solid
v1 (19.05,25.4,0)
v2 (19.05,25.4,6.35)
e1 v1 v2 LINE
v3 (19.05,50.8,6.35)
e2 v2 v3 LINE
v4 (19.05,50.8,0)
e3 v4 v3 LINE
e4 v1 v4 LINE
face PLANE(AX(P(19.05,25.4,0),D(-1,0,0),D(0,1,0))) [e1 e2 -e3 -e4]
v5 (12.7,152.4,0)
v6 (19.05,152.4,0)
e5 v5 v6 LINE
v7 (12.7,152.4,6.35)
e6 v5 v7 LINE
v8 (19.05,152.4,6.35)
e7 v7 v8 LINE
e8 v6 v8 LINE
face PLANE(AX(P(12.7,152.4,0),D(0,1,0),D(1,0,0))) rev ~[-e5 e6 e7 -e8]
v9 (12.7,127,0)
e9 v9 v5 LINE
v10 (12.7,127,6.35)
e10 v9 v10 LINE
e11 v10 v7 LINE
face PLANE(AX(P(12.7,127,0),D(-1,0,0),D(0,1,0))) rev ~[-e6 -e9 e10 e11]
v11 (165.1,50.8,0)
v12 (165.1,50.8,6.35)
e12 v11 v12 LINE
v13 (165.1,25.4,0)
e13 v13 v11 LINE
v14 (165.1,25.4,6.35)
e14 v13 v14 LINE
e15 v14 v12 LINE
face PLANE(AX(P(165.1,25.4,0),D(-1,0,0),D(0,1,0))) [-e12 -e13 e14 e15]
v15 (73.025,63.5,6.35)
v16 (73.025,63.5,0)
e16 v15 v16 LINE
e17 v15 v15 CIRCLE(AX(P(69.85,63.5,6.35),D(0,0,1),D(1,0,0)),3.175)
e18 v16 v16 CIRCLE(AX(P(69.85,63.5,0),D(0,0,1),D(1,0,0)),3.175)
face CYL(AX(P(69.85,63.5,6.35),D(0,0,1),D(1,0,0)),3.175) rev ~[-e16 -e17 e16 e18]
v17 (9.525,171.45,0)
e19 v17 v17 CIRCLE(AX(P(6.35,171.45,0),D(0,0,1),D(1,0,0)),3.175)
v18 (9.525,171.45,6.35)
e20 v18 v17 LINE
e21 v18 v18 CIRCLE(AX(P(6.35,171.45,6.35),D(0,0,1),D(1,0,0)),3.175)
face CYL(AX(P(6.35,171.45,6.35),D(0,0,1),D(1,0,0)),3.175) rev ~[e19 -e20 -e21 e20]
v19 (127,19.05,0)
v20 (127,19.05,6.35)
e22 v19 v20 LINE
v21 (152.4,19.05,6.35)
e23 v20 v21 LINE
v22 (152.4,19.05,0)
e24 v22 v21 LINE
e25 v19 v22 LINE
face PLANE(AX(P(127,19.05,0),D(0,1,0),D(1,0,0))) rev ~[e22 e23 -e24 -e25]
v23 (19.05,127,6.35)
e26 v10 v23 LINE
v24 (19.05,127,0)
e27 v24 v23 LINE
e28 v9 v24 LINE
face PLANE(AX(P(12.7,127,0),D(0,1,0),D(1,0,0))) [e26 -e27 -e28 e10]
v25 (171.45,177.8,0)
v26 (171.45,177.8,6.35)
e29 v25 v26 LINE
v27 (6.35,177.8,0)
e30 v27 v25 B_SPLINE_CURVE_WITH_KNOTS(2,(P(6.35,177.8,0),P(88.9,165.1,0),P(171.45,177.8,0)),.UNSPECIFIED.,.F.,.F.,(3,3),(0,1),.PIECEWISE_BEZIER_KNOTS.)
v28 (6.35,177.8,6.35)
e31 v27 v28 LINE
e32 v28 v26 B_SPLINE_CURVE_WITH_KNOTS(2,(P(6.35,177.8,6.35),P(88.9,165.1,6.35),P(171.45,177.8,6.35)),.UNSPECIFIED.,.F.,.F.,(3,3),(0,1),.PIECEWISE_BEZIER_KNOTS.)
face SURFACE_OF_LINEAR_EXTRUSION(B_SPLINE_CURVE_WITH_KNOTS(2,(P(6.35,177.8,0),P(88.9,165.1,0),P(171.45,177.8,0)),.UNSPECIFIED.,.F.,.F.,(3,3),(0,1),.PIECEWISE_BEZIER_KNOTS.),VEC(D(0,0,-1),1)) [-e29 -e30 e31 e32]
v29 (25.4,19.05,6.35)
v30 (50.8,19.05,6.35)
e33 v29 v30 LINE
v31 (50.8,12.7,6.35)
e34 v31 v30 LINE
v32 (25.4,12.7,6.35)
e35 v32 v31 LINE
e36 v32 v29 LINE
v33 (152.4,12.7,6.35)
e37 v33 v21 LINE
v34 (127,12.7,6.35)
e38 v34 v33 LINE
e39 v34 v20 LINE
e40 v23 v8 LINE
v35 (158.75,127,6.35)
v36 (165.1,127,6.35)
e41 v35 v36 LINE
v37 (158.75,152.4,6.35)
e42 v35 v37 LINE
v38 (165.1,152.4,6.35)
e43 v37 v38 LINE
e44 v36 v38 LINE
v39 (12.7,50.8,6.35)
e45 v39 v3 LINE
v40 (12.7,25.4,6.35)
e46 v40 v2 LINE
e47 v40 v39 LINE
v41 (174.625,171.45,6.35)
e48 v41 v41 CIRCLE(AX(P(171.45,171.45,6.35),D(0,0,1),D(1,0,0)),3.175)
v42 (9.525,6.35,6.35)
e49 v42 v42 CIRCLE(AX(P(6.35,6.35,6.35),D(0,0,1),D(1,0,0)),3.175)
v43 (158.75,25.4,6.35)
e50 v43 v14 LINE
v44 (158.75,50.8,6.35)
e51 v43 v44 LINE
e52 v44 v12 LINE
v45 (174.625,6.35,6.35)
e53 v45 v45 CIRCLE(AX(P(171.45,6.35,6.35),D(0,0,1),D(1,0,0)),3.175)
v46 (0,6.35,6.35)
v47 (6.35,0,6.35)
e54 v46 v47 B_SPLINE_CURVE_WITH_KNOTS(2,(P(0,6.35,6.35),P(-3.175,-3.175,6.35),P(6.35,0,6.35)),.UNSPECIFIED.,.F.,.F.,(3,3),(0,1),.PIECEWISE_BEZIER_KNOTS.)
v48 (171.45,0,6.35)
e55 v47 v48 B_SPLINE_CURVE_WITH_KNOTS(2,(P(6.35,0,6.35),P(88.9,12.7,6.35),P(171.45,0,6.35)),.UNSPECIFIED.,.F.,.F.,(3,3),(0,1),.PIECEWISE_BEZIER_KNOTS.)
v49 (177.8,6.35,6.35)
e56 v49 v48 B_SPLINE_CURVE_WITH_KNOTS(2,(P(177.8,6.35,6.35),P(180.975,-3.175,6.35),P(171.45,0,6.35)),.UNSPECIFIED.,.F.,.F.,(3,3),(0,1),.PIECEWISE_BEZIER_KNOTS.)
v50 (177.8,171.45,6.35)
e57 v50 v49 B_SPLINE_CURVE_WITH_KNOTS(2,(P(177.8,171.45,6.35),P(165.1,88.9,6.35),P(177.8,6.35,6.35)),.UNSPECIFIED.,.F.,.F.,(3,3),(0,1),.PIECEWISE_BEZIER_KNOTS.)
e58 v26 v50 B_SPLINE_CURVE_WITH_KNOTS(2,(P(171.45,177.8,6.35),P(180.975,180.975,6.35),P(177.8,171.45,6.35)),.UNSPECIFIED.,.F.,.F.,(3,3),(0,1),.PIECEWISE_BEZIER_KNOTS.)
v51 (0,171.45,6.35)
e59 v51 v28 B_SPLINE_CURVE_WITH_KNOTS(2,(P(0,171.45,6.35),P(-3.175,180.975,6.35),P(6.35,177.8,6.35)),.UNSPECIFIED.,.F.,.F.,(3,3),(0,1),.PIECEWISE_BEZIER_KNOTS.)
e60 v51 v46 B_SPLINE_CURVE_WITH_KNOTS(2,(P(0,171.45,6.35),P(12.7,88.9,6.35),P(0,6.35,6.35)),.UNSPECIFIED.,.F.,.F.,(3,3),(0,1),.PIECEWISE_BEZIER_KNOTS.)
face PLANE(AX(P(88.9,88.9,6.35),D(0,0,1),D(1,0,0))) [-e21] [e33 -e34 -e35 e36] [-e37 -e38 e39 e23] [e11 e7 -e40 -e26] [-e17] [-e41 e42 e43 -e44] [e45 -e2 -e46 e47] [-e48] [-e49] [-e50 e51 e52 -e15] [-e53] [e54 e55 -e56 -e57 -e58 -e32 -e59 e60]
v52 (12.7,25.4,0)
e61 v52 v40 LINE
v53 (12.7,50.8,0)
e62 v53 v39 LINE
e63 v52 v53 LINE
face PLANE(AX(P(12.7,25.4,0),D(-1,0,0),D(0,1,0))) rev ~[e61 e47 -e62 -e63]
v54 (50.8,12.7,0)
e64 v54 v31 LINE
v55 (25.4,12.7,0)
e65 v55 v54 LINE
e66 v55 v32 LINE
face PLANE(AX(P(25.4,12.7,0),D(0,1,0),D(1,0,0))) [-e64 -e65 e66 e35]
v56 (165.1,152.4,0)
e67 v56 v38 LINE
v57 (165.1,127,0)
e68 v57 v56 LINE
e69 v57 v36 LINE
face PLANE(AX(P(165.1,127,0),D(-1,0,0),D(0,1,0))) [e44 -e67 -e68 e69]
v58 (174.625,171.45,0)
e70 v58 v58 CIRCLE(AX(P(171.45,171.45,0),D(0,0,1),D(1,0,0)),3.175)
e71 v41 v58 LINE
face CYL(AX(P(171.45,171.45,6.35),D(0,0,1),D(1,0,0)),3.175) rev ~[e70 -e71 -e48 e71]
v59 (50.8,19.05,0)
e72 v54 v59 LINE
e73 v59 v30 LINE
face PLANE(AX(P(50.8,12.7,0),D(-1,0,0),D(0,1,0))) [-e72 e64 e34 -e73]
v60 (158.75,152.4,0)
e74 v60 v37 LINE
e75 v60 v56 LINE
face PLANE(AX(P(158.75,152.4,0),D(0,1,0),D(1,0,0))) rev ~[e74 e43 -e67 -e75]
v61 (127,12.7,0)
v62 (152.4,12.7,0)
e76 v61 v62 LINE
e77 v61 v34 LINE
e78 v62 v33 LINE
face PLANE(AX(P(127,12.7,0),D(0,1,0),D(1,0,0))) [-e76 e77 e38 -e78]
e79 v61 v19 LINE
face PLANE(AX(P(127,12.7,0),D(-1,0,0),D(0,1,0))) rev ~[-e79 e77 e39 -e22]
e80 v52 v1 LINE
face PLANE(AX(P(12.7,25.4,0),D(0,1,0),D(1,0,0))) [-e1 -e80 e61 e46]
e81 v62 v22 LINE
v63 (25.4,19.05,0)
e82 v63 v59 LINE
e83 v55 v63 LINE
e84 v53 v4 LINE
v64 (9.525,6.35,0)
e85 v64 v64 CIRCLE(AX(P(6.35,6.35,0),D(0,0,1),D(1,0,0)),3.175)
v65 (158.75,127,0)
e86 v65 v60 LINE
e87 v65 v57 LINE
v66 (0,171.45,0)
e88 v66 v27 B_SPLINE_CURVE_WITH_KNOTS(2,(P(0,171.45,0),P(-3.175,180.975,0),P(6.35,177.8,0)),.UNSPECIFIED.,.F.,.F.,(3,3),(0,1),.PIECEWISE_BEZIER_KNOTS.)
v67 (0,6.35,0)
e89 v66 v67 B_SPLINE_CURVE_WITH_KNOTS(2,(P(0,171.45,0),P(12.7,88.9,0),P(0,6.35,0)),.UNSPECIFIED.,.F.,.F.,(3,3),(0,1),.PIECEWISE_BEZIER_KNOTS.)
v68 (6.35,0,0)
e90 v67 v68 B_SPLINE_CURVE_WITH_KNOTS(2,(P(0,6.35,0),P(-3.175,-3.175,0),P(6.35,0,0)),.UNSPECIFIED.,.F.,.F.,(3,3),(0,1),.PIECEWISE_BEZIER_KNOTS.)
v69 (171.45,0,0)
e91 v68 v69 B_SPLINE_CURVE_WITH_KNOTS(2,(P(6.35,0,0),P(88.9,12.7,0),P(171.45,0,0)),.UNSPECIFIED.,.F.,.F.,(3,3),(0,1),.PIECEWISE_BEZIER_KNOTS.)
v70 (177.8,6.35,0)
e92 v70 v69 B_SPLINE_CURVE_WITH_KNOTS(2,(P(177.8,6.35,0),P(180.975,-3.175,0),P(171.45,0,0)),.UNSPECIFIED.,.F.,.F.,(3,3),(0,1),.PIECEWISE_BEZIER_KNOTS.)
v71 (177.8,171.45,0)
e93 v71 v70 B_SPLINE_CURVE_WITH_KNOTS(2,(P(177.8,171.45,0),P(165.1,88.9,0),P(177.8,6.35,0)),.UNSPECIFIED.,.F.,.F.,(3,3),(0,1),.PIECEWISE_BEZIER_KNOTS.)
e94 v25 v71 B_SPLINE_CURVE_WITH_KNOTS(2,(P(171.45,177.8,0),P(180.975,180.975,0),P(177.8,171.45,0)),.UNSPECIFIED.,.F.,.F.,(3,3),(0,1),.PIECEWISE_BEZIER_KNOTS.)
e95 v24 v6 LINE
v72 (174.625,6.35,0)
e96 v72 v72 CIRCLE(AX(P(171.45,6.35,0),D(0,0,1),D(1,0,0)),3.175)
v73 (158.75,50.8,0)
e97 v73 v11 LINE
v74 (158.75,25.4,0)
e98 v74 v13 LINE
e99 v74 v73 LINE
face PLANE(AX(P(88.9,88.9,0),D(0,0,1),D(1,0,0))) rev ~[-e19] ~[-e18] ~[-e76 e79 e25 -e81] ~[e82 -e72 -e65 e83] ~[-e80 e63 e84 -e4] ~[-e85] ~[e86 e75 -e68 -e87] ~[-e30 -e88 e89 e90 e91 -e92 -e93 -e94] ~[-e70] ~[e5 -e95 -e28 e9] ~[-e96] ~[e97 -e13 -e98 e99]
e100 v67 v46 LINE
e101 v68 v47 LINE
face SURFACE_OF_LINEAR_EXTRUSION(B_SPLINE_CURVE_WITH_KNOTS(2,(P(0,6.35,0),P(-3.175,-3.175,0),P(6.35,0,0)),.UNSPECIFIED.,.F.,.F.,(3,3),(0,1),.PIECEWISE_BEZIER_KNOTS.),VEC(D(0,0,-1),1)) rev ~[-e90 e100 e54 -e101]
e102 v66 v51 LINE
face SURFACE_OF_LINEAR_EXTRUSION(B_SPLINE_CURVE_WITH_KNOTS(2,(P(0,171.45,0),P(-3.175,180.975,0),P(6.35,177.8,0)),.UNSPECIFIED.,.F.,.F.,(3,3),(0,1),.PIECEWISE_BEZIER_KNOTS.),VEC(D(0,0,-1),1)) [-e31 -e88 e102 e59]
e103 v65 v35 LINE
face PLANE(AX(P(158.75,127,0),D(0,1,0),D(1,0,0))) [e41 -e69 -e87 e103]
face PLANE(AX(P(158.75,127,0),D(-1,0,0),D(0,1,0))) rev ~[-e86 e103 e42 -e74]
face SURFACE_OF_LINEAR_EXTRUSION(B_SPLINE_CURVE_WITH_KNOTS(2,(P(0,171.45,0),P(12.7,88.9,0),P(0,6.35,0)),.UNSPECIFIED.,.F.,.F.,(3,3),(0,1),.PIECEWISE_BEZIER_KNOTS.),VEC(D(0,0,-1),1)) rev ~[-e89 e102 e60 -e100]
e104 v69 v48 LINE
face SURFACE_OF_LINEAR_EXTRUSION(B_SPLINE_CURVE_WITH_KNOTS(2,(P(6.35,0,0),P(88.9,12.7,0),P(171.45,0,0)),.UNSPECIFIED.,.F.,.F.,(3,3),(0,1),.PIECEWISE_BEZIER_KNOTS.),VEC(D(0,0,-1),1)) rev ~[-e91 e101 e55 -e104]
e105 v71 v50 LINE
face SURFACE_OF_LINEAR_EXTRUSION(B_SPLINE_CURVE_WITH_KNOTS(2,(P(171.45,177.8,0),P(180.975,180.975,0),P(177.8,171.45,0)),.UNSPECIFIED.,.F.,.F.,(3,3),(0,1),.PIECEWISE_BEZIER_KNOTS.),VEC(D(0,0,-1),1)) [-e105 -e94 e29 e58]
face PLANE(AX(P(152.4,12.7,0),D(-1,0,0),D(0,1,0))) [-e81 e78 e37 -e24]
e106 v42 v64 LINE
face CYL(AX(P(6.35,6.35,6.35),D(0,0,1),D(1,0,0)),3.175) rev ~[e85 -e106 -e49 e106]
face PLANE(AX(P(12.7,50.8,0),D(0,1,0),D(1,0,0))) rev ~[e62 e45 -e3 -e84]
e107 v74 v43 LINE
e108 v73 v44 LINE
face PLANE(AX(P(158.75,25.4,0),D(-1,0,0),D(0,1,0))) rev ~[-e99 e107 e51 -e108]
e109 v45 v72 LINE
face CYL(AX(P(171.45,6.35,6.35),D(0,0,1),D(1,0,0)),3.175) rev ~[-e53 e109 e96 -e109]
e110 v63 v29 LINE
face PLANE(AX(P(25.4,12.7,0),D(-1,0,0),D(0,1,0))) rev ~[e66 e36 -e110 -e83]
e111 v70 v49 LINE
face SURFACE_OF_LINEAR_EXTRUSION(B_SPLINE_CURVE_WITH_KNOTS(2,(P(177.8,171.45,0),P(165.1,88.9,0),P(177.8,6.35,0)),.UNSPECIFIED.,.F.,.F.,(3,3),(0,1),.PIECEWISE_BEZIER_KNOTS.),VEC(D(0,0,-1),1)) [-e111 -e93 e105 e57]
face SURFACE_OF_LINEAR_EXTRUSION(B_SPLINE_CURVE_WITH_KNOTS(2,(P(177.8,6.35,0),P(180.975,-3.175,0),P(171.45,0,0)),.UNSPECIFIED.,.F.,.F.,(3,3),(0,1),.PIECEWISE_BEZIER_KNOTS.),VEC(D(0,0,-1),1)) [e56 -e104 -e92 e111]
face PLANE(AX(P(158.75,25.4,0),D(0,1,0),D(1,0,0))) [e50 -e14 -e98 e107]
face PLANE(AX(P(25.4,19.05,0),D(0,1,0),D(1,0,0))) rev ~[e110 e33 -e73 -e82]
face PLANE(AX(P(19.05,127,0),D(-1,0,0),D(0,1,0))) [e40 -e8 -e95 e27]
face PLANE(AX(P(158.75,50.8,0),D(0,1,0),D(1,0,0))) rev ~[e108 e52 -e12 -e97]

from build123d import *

# Parameters (mm, degrees)
SKETCH1_W           = 6.35
SKETCH1_H           = 25.4
SKETCH1_W_2         = 25.4
SKETCH1_H_2         = 6.35
BOSS_EXTRUDE1_DEPTH = 6.35
SKETCH2_R           = 3.175
CUT_EXTRUDE1_DEPTH  = 6.35
SKETCH3_R           = 3.175
CUT_EXTRUDE2_DEPTH  = 6.35


with BuildPart() as part:
    # Sketch1 → Boss-Extrude1 (new body)
    with BuildSketch(Plane.XY):
        with BuildLine():
            add(Edge.make_bspline(
                [(0, 171.45), (12.7, 88.9), (0, 6.35)],
                knots=[0, 0, 0, 1, 1, 1], degree=2))
            add(Edge.make_bspline(
                [(0, 6.35), (-3.175, -3.175), (6.35, 0)],
                knots=[0, 0, 0, 1, 1, 1], degree=2))
            add(Edge.make_bspline(
                [(6.35, 0), (88.9, 12.7), (171.45, 0)],
                knots=[0, 0, 0, 1, 1, 1], degree=2))
            add(Edge.make_bspline(
                [(177.8, 6.35), (180.975, -3.175), (171.45, 0)],
                knots=[0, 0, 0, 1, 1, 1], degree=2))
            add(Edge.make_bspline(
                [(177.8, 171.45), (165.1, 88.9), (177.8, 6.35)],
                knots=[0, 0, 0, 1, 1, 1], degree=2))
            add(Edge.make_bspline(
                [(171.45, 177.8), (180.975, 180.975), (177.8, 171.45)],
                knots=[0, 0, 0, 1, 1, 1], degree=2))
            add(Edge.make_bspline(
                [(6.35, 177.8), (88.9, 165.1), (171.45, 177.8)],
                knots=[0, 0, 0, 1, 1, 1], degree=2))
            add(Edge.make_bspline(
                [(0, 171.45), (-3.175, 180.975), (6.35, 177.8)],
                knots=[0, 0, 0, 1, 1, 1], degree=2))
        make_face()
        with Locations((15.875, 38.1)):
            Rectangle(SKETCH1_W, SKETCH1_H, mode=Mode.SUBTRACT)
        with Locations((38.1, 15.875)):
            Rectangle(SKETCH1_W_2, SKETCH1_H_2, mode=Mode.SUBTRACT)
        with Locations((15.875, 139.7)):
            Rectangle(SKETCH1_W, SKETCH1_H, mode=Mode.SUBTRACT)
        with Locations((161.925, 139.7)):
            Rectangle(SKETCH1_W, SKETCH1_H, mode=Mode.SUBTRACT)
        with Locations((139.7, 15.875)):
            Rectangle(SKETCH1_W_2, SKETCH1_H_2, mode=Mode.SUBTRACT)
        with Locations((161.925, 38.1)):
            Rectangle(SKETCH1_W, SKETCH1_H, mode=Mode.SUBTRACT)
    extrude(amount=BOSS_EXTRUDE1_DEPTH)

    # Sketch2 → Cut-Extrude1 (cut)
    with BuildSketch(Plane.XY.offset(6.35)):
        with Locations((69.85, 63.5)):
            Circle(SKETCH2_R)
    extrude(amount=-CUT_EXTRUDE1_DEPTH, mode=Mode.SUBTRACT)

    # Sketch3 → Cut-Extrude2 (cut)
    with BuildSketch(Plane.XY.offset(6.35)):
        with Locations((6.35, 6.35)):
            Circle(SKETCH3_R)
        with Locations((171.45, 6.35)):
            Circle(SKETCH3_R)
        with Locations((171.45, 171.45)):
            Circle(SKETCH3_R)
        with Locations((6.35, 171.45)):
            Circle(SKETCH3_R)
    extrude(amount=-CUT_EXTRUDE2_DEPTH, mode=Mode.SUBTRACT)


solid = part.part
